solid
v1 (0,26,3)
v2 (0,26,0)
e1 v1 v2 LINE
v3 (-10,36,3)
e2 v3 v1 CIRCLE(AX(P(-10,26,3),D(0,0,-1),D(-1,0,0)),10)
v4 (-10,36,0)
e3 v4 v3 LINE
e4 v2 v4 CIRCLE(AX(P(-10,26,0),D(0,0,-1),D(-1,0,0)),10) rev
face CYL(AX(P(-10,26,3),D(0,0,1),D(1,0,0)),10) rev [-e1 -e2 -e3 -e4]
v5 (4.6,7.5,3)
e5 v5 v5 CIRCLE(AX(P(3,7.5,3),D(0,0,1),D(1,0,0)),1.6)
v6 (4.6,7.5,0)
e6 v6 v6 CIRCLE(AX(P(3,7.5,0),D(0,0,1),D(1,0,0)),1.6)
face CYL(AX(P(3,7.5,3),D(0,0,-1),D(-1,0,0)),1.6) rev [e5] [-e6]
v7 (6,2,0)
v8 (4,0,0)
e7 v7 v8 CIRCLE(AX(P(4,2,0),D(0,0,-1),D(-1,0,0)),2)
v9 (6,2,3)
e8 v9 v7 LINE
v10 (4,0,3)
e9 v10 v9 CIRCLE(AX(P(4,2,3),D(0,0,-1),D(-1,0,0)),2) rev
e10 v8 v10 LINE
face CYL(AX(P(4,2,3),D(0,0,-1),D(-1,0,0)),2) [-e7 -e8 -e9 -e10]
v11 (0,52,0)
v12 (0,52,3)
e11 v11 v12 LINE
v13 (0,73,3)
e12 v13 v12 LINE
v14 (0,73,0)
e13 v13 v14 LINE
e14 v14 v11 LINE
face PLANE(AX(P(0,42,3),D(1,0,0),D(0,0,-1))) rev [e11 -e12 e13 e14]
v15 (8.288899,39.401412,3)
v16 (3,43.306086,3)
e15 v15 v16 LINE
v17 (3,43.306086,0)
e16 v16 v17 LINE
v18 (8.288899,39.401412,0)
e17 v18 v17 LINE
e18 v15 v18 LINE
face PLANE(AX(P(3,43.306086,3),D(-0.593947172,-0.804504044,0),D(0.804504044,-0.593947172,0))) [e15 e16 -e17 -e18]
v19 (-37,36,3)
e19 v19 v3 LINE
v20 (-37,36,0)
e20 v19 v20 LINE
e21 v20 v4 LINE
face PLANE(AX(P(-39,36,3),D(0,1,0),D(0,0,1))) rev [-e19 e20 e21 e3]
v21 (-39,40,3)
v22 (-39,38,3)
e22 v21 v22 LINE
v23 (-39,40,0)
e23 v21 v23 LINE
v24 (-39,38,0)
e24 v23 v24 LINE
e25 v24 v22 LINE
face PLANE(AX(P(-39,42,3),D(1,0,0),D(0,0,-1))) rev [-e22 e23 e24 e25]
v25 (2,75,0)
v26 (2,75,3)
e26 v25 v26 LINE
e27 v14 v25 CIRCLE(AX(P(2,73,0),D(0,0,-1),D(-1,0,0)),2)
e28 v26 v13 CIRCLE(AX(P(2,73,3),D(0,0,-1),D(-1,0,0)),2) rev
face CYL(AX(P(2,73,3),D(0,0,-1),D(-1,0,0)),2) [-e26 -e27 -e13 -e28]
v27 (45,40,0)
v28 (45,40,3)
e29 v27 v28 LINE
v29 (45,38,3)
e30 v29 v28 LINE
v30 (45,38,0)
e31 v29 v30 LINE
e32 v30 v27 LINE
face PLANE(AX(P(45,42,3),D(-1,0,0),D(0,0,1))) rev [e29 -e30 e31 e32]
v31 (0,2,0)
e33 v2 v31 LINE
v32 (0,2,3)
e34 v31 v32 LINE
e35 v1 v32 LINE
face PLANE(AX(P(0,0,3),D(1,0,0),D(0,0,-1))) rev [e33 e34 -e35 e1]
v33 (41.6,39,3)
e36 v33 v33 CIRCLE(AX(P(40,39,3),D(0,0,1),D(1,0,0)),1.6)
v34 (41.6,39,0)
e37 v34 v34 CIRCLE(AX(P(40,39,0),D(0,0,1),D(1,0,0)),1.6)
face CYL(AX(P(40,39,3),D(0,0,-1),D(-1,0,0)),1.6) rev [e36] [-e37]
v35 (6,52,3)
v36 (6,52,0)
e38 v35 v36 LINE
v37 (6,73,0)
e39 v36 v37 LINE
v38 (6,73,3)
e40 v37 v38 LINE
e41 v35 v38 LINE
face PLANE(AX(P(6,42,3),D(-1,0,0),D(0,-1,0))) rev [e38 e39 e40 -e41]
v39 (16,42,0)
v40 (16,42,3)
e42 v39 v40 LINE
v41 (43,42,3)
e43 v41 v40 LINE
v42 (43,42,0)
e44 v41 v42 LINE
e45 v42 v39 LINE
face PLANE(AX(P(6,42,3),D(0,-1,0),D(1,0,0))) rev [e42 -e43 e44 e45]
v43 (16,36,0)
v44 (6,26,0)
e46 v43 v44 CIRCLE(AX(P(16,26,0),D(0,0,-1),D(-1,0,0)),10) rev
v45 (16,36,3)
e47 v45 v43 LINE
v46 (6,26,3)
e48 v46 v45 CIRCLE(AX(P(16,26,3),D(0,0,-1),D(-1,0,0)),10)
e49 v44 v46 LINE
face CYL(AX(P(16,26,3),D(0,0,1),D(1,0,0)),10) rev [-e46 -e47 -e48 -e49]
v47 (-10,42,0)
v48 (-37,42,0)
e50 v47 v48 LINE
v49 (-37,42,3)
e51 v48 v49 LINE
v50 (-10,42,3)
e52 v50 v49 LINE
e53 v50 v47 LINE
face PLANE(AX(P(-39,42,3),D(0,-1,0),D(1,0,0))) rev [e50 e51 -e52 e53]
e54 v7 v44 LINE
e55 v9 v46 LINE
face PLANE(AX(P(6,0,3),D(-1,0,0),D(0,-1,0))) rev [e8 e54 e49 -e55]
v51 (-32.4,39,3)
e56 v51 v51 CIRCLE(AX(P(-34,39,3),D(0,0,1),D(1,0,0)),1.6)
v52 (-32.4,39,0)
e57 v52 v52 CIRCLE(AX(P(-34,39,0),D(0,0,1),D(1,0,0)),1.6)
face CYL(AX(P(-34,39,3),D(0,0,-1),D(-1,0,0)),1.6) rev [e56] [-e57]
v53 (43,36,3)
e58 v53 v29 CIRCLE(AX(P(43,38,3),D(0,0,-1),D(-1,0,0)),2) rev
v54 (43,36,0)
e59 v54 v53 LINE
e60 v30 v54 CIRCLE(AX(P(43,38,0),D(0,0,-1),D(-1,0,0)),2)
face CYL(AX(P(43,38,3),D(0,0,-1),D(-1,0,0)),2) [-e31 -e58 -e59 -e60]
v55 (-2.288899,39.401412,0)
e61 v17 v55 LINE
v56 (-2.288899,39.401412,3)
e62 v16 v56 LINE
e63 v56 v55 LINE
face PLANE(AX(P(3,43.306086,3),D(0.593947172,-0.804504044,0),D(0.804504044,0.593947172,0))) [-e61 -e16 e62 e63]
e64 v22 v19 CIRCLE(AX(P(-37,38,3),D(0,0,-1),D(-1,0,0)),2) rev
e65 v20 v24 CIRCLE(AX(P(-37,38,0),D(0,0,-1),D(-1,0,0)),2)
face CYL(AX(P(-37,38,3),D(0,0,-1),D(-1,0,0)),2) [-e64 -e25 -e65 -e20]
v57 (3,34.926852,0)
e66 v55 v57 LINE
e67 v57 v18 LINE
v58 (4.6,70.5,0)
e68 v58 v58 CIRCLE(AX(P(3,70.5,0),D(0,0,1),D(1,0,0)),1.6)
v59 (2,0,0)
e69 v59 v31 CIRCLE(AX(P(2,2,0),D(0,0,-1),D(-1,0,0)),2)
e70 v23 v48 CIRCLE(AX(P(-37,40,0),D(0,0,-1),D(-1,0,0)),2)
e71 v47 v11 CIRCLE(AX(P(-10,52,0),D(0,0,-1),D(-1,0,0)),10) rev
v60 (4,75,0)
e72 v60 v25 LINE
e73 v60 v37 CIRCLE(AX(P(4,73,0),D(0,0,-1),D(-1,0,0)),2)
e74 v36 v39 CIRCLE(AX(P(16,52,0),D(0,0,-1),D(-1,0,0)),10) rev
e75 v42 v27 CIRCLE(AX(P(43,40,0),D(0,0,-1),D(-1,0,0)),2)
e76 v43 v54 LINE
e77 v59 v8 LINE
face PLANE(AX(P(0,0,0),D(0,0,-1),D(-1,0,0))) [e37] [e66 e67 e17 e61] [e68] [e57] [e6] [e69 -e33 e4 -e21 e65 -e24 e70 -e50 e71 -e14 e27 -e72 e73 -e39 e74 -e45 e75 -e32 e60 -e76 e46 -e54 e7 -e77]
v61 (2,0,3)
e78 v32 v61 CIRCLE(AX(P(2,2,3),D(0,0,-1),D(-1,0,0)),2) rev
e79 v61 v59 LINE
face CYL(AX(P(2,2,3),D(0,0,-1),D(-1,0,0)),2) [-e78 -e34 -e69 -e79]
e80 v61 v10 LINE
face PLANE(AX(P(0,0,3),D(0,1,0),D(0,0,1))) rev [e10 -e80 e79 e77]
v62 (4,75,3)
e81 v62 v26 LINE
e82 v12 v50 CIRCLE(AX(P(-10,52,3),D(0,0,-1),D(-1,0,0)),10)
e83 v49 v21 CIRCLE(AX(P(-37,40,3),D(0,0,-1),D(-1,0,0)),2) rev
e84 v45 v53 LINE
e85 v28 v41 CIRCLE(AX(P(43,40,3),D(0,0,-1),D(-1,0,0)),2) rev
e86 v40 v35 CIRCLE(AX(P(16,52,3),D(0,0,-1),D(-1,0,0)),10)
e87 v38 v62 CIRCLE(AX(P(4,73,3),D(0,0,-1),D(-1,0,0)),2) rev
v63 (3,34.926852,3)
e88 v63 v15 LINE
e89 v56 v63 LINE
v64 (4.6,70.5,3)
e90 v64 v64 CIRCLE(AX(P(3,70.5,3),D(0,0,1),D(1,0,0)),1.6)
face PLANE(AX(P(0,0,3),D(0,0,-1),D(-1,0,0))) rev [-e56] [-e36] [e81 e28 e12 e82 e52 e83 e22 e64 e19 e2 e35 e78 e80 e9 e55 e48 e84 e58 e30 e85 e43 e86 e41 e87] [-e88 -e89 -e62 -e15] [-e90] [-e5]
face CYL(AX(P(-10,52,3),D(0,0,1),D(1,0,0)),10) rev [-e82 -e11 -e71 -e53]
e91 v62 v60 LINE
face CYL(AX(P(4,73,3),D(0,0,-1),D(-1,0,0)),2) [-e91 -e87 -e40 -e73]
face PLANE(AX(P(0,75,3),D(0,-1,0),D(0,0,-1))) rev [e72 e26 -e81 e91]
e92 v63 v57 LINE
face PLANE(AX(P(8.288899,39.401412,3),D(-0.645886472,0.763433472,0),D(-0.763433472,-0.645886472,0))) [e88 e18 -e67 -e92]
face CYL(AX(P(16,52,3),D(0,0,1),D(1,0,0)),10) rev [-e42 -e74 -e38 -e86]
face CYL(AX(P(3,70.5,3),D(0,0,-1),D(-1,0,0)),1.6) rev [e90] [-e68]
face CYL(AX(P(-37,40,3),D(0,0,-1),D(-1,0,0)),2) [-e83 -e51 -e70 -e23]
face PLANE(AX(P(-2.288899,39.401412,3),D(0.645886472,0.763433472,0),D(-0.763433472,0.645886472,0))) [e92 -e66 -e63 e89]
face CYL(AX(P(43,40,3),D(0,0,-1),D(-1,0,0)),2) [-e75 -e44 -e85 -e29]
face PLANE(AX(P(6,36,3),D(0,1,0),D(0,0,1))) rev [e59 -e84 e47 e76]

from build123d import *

# Parameters (mm, degrees)
SKETCH_1_R      = 1.6
EXTRUDE_1_DEPTH = 3
FILLET_1_R      = 2
FILLET_2_R      = 10


with BuildPart() as part:
    # 草图1 → 凸台-拉伸1 (new body)
    with BuildSketch(Plane.XY):
        Polygon((0, 0), (6, 0), (6, 36), (45, 36), (45, 42), (6, 42), (6, 75), (0, 75), (0, 42), (-39, 42), (-39, 36), (0, 36), align=None)
        with Locations((40, 39)):
            Circle(SKETCH_1_R, mode=Mode.SUBTRACT)
        with Locations((-34, 39)):
            Circle(SKETCH_1_R, mode=Mode.SUBTRACT)
        with Locations((3, 7.5)):
            Circle(SKETCH_1_R, mode=Mode.SUBTRACT)
        with Locations((3, 70.5)):
            Circle(SKETCH_1_R, mode=Mode.SUBTRACT)
        Polygon((3, 43.306086205), (-2.288898942, 39.401411526), (3, 34.92685231), (8.288898942, 39.401411526), align=None, mode=Mode.SUBTRACT)
    extrude(amount=EXTRUDE_1_DEPTH)

    # 圆角1
    fillet_1_edges = [part.edges().sort_by_distance(p)[0] for p in [
        (-39, 36, 1.5),
        (-39, 42, 1.5),
        (0, 75, 1.5),
        (6, 75, 1.5),
        (45, 42, 1.5),
        (45, 36, 1.5),
        (6, 0, 1.5),
        (0, 0, 1.5),
    ]]
    fillet(fillet_1_edges, radius=FILLET_1_R)

    # 圆角2
    fillet_2_edges = [part.edges().sort_by_distance(p)[0] for p in [
        (0, 36, 1.5),
        (0, 42, 1.5),
        (6, 42, 1.5),
        (6, 36, 1.5),
    ]]
    fillet(fillet_2_edges, radius=FILLET_2_R)


solid = part.part
